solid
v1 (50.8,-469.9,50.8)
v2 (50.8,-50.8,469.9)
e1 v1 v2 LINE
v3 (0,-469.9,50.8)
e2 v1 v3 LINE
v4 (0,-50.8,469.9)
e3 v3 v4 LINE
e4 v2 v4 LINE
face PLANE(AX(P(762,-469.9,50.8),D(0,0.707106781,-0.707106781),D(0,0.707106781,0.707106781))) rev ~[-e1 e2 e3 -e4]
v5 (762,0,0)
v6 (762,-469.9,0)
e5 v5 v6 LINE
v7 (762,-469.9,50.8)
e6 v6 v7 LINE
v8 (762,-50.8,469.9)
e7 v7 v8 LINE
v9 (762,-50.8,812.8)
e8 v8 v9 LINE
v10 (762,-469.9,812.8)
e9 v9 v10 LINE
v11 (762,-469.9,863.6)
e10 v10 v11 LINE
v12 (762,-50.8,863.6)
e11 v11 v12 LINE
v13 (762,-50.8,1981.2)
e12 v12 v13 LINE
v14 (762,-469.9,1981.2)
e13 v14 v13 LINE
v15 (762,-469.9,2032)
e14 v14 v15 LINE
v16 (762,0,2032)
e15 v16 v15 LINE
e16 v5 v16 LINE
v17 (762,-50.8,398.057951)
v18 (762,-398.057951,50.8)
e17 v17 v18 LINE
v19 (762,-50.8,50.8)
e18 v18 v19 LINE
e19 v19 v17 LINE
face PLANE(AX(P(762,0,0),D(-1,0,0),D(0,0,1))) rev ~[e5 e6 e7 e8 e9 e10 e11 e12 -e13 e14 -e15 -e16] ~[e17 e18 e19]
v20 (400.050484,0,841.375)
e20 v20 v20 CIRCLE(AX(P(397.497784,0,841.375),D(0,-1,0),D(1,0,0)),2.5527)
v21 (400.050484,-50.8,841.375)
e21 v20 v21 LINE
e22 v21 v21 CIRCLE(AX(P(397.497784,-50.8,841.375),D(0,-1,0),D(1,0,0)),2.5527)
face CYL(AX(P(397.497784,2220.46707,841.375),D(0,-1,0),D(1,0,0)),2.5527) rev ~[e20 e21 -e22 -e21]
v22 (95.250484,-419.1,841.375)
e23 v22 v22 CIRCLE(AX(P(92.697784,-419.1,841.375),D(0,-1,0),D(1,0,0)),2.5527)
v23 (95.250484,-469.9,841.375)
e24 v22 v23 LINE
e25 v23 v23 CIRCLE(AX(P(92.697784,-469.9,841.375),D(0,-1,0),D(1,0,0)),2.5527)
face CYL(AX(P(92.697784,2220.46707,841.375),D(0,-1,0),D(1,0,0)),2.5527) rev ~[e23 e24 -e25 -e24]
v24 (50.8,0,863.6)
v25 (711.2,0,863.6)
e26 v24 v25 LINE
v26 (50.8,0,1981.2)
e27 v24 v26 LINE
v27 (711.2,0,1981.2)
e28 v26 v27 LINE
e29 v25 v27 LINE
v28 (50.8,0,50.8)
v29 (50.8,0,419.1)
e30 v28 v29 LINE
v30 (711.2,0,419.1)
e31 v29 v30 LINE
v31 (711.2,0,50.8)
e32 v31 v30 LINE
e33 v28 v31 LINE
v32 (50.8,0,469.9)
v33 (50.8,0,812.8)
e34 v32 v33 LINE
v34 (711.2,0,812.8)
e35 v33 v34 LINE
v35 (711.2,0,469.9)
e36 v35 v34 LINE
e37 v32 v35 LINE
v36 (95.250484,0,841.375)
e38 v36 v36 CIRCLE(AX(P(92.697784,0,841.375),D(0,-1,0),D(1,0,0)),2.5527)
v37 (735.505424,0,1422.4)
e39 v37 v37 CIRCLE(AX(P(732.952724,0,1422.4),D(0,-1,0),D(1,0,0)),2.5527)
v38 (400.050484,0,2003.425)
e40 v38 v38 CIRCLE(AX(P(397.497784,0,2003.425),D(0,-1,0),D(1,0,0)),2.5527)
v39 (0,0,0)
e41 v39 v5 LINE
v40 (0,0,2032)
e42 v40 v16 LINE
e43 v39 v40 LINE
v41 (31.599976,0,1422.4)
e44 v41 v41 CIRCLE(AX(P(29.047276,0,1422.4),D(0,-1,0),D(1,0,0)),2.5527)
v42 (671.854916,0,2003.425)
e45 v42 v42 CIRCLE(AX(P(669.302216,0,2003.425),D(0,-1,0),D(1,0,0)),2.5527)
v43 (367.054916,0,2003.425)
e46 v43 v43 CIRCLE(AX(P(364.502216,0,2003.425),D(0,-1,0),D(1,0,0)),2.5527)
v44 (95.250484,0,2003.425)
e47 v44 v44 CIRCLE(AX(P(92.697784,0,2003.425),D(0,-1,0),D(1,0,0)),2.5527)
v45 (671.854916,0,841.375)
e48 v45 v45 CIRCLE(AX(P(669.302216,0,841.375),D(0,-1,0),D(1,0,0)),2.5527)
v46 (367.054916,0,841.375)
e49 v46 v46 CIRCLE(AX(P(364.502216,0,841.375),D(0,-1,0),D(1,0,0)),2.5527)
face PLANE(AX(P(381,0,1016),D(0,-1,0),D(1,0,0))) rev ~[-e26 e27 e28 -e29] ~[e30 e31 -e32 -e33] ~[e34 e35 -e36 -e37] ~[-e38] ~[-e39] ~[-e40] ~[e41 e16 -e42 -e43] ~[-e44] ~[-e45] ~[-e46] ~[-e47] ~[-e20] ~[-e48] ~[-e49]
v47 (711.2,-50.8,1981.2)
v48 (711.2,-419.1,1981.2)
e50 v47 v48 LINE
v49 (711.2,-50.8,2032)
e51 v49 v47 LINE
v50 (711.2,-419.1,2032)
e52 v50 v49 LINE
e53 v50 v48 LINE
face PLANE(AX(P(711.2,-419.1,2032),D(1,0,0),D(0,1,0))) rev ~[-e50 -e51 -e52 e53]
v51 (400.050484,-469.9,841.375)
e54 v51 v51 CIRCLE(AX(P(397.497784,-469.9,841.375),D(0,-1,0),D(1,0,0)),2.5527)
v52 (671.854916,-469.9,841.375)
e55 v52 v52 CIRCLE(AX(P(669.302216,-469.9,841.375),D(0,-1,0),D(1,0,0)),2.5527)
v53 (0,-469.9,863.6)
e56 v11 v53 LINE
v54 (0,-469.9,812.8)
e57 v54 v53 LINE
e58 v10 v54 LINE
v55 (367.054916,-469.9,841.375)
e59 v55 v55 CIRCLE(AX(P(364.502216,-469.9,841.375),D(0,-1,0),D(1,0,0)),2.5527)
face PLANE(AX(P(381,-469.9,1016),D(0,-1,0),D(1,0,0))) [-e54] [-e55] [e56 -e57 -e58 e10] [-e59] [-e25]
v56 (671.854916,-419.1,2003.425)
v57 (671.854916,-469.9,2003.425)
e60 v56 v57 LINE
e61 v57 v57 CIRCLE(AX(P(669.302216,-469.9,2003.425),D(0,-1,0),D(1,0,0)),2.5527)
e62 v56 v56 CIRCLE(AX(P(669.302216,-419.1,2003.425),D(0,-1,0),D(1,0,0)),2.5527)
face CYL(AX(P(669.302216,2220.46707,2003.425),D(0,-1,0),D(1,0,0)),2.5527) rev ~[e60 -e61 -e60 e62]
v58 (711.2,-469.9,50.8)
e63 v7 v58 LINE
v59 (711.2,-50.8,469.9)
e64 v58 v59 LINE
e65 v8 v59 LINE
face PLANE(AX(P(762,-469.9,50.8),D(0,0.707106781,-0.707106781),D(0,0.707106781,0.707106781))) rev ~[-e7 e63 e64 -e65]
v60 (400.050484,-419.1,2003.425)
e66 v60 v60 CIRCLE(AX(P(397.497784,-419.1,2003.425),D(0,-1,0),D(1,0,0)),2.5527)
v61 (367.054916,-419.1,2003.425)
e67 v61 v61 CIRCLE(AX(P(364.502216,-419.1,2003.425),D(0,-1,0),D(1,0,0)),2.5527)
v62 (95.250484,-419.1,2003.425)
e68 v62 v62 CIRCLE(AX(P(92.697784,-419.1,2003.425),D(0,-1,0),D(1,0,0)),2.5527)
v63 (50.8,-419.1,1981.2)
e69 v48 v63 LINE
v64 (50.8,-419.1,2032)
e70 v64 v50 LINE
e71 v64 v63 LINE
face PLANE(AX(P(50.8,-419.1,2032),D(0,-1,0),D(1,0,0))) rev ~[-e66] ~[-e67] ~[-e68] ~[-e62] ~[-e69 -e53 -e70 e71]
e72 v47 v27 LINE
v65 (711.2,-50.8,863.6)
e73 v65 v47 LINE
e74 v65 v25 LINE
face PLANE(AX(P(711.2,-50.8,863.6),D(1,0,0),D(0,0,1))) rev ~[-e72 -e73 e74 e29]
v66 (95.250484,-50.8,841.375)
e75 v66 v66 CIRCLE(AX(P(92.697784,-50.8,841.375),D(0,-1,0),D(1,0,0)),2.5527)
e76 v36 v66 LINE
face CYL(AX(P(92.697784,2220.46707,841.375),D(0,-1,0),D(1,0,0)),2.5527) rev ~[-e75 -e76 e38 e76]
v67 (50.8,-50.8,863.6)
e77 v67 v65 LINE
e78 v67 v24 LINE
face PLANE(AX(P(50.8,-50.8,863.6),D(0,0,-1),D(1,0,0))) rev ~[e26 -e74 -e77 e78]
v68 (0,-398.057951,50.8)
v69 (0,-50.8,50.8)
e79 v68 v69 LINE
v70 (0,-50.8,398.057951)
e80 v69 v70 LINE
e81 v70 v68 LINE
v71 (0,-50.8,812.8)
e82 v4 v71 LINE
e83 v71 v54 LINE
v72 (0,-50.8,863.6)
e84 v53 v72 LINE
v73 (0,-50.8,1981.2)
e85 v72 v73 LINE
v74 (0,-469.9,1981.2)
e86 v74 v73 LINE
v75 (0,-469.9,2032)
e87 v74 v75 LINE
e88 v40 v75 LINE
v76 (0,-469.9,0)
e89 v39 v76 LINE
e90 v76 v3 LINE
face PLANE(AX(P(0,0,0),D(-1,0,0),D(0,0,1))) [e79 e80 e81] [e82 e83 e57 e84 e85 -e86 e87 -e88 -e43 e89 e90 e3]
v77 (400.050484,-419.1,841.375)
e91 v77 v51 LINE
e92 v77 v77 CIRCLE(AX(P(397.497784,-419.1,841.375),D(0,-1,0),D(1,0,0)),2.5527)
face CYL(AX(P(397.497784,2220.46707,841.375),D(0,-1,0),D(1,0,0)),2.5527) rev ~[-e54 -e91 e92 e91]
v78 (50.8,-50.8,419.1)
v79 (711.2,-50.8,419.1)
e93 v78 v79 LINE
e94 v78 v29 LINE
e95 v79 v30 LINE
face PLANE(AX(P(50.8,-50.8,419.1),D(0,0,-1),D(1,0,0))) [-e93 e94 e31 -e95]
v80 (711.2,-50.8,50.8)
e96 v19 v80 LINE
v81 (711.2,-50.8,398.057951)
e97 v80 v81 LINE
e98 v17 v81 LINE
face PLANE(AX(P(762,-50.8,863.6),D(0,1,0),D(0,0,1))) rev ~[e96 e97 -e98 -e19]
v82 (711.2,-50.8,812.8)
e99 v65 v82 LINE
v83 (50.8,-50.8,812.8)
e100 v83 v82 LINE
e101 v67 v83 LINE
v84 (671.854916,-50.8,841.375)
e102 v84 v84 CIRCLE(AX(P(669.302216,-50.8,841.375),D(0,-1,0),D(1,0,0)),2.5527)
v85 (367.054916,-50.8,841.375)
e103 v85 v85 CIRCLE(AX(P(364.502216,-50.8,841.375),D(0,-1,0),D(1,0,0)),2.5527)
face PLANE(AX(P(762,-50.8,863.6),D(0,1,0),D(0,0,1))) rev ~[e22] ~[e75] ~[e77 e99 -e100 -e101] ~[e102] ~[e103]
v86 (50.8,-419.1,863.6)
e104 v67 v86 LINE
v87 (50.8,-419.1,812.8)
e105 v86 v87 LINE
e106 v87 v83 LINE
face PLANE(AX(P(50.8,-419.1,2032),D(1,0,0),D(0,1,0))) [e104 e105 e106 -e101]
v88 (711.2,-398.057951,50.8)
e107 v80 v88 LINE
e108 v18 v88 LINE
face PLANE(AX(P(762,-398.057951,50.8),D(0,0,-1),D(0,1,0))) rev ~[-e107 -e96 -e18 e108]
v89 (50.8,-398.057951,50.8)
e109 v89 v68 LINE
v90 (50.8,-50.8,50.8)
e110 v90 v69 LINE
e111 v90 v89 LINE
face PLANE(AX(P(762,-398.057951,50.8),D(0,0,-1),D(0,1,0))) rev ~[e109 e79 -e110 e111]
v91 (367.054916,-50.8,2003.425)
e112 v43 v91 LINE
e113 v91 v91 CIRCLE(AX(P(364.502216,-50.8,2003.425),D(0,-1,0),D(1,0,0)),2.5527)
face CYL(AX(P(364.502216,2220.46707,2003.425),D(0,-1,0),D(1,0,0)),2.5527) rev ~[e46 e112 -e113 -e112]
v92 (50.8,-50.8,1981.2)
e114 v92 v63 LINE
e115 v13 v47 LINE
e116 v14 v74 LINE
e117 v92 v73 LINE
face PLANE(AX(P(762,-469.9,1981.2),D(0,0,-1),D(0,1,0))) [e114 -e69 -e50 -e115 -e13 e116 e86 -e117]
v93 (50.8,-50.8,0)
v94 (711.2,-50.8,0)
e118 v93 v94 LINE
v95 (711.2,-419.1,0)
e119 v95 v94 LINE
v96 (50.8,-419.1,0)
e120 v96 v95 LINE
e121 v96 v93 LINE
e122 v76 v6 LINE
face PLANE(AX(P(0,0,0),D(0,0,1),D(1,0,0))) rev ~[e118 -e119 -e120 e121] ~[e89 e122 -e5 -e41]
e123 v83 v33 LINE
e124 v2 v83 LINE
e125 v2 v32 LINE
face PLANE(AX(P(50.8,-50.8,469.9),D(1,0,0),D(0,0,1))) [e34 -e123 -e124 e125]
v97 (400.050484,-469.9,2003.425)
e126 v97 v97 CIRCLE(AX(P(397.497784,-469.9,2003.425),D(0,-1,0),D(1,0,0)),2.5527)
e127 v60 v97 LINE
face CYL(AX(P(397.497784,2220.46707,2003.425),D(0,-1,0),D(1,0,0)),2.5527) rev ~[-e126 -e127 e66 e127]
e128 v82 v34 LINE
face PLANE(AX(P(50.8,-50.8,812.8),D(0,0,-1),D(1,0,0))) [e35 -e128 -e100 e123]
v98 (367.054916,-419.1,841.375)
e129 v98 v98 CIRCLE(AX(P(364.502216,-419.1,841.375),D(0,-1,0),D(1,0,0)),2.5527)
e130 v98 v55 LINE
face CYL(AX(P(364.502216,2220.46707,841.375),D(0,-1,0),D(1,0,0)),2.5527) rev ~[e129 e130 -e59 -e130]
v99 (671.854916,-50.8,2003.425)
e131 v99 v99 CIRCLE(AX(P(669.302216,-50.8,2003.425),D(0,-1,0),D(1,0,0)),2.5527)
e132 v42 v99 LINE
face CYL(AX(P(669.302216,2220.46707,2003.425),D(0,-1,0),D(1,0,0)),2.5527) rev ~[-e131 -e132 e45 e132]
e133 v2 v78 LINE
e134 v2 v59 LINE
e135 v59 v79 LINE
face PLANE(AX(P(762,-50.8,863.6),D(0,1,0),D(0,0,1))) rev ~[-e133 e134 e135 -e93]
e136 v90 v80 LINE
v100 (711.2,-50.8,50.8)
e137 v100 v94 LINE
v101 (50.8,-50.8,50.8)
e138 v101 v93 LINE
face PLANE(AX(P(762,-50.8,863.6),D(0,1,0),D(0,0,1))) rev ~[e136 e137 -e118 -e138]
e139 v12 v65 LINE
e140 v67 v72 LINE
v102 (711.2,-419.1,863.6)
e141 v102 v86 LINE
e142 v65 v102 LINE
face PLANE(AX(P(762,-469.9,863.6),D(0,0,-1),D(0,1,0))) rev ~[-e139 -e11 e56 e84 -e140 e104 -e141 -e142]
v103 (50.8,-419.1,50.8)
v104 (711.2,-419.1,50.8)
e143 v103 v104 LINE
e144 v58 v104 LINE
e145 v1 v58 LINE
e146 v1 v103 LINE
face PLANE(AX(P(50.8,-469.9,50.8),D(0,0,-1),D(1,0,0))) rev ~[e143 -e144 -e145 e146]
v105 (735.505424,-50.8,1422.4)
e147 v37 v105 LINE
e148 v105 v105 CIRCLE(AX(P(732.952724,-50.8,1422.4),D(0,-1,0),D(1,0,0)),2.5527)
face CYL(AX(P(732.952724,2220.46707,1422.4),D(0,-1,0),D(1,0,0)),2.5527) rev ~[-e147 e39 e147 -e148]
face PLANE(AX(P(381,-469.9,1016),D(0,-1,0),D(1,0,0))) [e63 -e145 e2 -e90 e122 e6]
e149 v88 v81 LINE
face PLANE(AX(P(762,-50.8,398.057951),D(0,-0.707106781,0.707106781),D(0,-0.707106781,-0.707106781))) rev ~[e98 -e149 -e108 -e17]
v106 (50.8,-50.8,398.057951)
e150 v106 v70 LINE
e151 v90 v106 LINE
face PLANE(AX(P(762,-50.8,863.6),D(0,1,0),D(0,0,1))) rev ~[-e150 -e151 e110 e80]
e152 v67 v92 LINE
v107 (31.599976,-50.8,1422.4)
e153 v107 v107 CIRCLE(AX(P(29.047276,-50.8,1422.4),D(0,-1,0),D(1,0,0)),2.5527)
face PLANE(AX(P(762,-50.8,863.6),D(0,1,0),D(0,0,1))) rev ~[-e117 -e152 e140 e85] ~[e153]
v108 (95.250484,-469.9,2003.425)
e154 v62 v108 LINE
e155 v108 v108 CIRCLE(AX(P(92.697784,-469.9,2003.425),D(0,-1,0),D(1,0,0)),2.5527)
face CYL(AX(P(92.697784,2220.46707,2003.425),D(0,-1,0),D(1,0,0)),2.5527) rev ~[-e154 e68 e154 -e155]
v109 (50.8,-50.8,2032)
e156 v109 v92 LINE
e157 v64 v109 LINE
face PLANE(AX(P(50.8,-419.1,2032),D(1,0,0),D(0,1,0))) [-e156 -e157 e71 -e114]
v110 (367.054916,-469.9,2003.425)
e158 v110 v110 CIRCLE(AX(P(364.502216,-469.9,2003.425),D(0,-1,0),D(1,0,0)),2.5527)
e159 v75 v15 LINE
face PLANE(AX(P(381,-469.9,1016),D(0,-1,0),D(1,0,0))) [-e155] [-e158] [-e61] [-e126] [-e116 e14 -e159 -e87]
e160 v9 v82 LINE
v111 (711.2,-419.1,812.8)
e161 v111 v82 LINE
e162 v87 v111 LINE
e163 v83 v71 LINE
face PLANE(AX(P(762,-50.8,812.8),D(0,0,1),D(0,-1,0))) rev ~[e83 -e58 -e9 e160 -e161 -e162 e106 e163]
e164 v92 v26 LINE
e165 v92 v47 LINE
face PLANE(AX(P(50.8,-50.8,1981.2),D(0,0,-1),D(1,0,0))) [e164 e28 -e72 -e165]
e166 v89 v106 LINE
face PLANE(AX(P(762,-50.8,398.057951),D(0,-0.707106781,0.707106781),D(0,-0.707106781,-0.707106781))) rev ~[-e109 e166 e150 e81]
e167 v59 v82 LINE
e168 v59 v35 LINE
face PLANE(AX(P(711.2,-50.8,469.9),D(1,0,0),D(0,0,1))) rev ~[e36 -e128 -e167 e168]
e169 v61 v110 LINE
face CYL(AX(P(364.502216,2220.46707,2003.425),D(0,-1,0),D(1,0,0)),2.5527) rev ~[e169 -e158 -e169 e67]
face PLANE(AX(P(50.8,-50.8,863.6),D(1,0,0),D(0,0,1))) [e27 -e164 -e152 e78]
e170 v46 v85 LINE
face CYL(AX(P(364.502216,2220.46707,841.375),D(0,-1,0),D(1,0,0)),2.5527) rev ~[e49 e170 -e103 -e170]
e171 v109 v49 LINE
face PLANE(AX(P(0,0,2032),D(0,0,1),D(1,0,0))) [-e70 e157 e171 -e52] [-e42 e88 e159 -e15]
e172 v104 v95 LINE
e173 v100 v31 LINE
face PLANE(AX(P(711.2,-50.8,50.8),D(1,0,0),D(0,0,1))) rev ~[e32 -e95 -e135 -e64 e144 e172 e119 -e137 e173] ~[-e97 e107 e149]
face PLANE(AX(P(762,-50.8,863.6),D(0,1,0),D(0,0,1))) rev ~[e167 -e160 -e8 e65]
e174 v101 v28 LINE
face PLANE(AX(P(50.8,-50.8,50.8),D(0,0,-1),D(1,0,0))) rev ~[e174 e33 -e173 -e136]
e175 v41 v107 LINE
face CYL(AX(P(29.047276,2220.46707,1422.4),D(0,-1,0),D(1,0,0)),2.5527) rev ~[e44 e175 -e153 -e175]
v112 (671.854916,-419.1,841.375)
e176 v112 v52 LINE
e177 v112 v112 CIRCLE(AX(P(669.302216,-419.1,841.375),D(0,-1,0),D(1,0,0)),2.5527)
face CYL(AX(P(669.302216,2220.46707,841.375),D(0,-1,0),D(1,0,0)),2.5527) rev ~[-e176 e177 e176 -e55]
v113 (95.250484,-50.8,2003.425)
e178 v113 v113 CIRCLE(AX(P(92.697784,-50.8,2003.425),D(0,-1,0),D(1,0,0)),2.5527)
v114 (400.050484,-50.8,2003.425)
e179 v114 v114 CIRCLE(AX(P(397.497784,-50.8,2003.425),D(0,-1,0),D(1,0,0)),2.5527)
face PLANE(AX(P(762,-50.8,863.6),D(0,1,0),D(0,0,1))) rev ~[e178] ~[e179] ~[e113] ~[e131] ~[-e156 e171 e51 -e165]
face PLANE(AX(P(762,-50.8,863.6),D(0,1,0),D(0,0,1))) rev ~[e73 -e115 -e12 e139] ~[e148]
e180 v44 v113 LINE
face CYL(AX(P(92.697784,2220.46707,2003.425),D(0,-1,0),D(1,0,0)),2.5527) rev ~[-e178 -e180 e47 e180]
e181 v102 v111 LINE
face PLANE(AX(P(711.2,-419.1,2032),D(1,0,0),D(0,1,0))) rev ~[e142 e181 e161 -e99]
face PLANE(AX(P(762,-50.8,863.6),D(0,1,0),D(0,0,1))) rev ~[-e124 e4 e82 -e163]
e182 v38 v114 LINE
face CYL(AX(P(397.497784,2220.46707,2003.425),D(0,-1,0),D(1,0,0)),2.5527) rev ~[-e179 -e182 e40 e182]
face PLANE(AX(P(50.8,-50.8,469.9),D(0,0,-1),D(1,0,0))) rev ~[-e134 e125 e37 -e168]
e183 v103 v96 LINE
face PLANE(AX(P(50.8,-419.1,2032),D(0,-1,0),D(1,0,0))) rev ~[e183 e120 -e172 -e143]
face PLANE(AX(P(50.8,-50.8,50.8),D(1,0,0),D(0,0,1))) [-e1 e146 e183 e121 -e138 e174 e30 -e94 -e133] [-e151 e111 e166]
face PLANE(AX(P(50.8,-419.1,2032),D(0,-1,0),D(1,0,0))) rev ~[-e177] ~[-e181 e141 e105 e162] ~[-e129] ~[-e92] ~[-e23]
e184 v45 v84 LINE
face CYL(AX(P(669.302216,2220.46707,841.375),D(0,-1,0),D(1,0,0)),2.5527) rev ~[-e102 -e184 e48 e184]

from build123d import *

# Parameters (mm, degrees)
F0_W     = 762
F0_H     = 2032
F1_DEPTH = 469.9
F2_W     = 419.1
F2_H     = 1117.6
F3_DEPTH = 762
F4_W     = 660.4
F4_H     = 368.3
F5_DEPTH = 2133.6
F6_W     = 660.4
F6_H     = 1117.6
F6_H_2   = 342.9
F6_H_3   = 368.3
F7_DEPTH = 50.801
F8_W     = 660.4
F8_H     = 50.8
F9_DEPTH = 50.8
F11_D    = 5.1054


with BuildPart() as f1:
    # F0 (on Front) → F1 (new body)
    with BuildSketch(Plane.XZ):
        with Locations((381, 1016)):
            Rectangle(F0_W, F0_H)
    extrude(amount=F1_DEPTH)

    # F2 (on face) → F3 (cut)
    with BuildSketch(Plane.YZ.offset(762)):
        with Locations((-260.35, 1422.4)):
            Rectangle(F2_W, F2_H)
        Polygon((-50.8, 50.8), (-50.8, 398.0579510314), (-398.0579510314, 50.8), align=None)
        Polygon((-50.8, 812.8), (-469.9, 812.8), (-469.9, 50.8), (-50.8, 469.9), align=None)
    extrude(amount=-F3_DEPTH, mode=Mode.SUBTRACT)

    # F4 (on face) → F5 (cut)
    with BuildSketch(Plane.XY.offset(2032)):
        with Locations((381, -234.95)):
            Rectangle(F4_W, F4_H)
    extrude(amount=-F5_DEPTH, mode=Mode.SUBTRACT)

    # F6 (on face) → F7 (cut, through all)
    with BuildSketch(Plane.XZ.offset(50.8)):
        with Locations((381, 1422.4)):
            Rectangle(F6_W, F6_H)
        with Locations((381, 641.35)):
            Rectangle(F6_W, F6_H_2)
        with Locations((381, 234.95)):
            Rectangle(F6_W, F6_H_3)
    extrude(amount=-F7_DEPTH, mode=Mode.SUBTRACT)

    # F8 (on face) → F9 (cut)
    with BuildSketch(Plane.XZ.offset(469.9)):
        with Locations((381, 76.2)):
            Rectangle(F8_W, F8_H)
    extrude(amount=-F9_DEPTH, mode=Mode.SUBTRACT)

    # F11 (through all)
    with Locations(Plane(origin=(0, 0, 0), x_dir=(-1, 0, 0), z_dir=(0, 1, 0))):
        with Locations((-397.4977839421, 2003.425), (-364.5022160579, 2003.425), (-92.6977839421, 2003.425), (-29.047275902, 1422.4), (-732.952724098, 1422.4), (-669.3022160579, 841.375), (-397.4977839421, 841.375), (-364.5022160579, 841.375), (-92.6977839421, 841.375), (-669.3022160579, 2003.425)):
            Hole(F11_D / 2)


solid = f1.part
